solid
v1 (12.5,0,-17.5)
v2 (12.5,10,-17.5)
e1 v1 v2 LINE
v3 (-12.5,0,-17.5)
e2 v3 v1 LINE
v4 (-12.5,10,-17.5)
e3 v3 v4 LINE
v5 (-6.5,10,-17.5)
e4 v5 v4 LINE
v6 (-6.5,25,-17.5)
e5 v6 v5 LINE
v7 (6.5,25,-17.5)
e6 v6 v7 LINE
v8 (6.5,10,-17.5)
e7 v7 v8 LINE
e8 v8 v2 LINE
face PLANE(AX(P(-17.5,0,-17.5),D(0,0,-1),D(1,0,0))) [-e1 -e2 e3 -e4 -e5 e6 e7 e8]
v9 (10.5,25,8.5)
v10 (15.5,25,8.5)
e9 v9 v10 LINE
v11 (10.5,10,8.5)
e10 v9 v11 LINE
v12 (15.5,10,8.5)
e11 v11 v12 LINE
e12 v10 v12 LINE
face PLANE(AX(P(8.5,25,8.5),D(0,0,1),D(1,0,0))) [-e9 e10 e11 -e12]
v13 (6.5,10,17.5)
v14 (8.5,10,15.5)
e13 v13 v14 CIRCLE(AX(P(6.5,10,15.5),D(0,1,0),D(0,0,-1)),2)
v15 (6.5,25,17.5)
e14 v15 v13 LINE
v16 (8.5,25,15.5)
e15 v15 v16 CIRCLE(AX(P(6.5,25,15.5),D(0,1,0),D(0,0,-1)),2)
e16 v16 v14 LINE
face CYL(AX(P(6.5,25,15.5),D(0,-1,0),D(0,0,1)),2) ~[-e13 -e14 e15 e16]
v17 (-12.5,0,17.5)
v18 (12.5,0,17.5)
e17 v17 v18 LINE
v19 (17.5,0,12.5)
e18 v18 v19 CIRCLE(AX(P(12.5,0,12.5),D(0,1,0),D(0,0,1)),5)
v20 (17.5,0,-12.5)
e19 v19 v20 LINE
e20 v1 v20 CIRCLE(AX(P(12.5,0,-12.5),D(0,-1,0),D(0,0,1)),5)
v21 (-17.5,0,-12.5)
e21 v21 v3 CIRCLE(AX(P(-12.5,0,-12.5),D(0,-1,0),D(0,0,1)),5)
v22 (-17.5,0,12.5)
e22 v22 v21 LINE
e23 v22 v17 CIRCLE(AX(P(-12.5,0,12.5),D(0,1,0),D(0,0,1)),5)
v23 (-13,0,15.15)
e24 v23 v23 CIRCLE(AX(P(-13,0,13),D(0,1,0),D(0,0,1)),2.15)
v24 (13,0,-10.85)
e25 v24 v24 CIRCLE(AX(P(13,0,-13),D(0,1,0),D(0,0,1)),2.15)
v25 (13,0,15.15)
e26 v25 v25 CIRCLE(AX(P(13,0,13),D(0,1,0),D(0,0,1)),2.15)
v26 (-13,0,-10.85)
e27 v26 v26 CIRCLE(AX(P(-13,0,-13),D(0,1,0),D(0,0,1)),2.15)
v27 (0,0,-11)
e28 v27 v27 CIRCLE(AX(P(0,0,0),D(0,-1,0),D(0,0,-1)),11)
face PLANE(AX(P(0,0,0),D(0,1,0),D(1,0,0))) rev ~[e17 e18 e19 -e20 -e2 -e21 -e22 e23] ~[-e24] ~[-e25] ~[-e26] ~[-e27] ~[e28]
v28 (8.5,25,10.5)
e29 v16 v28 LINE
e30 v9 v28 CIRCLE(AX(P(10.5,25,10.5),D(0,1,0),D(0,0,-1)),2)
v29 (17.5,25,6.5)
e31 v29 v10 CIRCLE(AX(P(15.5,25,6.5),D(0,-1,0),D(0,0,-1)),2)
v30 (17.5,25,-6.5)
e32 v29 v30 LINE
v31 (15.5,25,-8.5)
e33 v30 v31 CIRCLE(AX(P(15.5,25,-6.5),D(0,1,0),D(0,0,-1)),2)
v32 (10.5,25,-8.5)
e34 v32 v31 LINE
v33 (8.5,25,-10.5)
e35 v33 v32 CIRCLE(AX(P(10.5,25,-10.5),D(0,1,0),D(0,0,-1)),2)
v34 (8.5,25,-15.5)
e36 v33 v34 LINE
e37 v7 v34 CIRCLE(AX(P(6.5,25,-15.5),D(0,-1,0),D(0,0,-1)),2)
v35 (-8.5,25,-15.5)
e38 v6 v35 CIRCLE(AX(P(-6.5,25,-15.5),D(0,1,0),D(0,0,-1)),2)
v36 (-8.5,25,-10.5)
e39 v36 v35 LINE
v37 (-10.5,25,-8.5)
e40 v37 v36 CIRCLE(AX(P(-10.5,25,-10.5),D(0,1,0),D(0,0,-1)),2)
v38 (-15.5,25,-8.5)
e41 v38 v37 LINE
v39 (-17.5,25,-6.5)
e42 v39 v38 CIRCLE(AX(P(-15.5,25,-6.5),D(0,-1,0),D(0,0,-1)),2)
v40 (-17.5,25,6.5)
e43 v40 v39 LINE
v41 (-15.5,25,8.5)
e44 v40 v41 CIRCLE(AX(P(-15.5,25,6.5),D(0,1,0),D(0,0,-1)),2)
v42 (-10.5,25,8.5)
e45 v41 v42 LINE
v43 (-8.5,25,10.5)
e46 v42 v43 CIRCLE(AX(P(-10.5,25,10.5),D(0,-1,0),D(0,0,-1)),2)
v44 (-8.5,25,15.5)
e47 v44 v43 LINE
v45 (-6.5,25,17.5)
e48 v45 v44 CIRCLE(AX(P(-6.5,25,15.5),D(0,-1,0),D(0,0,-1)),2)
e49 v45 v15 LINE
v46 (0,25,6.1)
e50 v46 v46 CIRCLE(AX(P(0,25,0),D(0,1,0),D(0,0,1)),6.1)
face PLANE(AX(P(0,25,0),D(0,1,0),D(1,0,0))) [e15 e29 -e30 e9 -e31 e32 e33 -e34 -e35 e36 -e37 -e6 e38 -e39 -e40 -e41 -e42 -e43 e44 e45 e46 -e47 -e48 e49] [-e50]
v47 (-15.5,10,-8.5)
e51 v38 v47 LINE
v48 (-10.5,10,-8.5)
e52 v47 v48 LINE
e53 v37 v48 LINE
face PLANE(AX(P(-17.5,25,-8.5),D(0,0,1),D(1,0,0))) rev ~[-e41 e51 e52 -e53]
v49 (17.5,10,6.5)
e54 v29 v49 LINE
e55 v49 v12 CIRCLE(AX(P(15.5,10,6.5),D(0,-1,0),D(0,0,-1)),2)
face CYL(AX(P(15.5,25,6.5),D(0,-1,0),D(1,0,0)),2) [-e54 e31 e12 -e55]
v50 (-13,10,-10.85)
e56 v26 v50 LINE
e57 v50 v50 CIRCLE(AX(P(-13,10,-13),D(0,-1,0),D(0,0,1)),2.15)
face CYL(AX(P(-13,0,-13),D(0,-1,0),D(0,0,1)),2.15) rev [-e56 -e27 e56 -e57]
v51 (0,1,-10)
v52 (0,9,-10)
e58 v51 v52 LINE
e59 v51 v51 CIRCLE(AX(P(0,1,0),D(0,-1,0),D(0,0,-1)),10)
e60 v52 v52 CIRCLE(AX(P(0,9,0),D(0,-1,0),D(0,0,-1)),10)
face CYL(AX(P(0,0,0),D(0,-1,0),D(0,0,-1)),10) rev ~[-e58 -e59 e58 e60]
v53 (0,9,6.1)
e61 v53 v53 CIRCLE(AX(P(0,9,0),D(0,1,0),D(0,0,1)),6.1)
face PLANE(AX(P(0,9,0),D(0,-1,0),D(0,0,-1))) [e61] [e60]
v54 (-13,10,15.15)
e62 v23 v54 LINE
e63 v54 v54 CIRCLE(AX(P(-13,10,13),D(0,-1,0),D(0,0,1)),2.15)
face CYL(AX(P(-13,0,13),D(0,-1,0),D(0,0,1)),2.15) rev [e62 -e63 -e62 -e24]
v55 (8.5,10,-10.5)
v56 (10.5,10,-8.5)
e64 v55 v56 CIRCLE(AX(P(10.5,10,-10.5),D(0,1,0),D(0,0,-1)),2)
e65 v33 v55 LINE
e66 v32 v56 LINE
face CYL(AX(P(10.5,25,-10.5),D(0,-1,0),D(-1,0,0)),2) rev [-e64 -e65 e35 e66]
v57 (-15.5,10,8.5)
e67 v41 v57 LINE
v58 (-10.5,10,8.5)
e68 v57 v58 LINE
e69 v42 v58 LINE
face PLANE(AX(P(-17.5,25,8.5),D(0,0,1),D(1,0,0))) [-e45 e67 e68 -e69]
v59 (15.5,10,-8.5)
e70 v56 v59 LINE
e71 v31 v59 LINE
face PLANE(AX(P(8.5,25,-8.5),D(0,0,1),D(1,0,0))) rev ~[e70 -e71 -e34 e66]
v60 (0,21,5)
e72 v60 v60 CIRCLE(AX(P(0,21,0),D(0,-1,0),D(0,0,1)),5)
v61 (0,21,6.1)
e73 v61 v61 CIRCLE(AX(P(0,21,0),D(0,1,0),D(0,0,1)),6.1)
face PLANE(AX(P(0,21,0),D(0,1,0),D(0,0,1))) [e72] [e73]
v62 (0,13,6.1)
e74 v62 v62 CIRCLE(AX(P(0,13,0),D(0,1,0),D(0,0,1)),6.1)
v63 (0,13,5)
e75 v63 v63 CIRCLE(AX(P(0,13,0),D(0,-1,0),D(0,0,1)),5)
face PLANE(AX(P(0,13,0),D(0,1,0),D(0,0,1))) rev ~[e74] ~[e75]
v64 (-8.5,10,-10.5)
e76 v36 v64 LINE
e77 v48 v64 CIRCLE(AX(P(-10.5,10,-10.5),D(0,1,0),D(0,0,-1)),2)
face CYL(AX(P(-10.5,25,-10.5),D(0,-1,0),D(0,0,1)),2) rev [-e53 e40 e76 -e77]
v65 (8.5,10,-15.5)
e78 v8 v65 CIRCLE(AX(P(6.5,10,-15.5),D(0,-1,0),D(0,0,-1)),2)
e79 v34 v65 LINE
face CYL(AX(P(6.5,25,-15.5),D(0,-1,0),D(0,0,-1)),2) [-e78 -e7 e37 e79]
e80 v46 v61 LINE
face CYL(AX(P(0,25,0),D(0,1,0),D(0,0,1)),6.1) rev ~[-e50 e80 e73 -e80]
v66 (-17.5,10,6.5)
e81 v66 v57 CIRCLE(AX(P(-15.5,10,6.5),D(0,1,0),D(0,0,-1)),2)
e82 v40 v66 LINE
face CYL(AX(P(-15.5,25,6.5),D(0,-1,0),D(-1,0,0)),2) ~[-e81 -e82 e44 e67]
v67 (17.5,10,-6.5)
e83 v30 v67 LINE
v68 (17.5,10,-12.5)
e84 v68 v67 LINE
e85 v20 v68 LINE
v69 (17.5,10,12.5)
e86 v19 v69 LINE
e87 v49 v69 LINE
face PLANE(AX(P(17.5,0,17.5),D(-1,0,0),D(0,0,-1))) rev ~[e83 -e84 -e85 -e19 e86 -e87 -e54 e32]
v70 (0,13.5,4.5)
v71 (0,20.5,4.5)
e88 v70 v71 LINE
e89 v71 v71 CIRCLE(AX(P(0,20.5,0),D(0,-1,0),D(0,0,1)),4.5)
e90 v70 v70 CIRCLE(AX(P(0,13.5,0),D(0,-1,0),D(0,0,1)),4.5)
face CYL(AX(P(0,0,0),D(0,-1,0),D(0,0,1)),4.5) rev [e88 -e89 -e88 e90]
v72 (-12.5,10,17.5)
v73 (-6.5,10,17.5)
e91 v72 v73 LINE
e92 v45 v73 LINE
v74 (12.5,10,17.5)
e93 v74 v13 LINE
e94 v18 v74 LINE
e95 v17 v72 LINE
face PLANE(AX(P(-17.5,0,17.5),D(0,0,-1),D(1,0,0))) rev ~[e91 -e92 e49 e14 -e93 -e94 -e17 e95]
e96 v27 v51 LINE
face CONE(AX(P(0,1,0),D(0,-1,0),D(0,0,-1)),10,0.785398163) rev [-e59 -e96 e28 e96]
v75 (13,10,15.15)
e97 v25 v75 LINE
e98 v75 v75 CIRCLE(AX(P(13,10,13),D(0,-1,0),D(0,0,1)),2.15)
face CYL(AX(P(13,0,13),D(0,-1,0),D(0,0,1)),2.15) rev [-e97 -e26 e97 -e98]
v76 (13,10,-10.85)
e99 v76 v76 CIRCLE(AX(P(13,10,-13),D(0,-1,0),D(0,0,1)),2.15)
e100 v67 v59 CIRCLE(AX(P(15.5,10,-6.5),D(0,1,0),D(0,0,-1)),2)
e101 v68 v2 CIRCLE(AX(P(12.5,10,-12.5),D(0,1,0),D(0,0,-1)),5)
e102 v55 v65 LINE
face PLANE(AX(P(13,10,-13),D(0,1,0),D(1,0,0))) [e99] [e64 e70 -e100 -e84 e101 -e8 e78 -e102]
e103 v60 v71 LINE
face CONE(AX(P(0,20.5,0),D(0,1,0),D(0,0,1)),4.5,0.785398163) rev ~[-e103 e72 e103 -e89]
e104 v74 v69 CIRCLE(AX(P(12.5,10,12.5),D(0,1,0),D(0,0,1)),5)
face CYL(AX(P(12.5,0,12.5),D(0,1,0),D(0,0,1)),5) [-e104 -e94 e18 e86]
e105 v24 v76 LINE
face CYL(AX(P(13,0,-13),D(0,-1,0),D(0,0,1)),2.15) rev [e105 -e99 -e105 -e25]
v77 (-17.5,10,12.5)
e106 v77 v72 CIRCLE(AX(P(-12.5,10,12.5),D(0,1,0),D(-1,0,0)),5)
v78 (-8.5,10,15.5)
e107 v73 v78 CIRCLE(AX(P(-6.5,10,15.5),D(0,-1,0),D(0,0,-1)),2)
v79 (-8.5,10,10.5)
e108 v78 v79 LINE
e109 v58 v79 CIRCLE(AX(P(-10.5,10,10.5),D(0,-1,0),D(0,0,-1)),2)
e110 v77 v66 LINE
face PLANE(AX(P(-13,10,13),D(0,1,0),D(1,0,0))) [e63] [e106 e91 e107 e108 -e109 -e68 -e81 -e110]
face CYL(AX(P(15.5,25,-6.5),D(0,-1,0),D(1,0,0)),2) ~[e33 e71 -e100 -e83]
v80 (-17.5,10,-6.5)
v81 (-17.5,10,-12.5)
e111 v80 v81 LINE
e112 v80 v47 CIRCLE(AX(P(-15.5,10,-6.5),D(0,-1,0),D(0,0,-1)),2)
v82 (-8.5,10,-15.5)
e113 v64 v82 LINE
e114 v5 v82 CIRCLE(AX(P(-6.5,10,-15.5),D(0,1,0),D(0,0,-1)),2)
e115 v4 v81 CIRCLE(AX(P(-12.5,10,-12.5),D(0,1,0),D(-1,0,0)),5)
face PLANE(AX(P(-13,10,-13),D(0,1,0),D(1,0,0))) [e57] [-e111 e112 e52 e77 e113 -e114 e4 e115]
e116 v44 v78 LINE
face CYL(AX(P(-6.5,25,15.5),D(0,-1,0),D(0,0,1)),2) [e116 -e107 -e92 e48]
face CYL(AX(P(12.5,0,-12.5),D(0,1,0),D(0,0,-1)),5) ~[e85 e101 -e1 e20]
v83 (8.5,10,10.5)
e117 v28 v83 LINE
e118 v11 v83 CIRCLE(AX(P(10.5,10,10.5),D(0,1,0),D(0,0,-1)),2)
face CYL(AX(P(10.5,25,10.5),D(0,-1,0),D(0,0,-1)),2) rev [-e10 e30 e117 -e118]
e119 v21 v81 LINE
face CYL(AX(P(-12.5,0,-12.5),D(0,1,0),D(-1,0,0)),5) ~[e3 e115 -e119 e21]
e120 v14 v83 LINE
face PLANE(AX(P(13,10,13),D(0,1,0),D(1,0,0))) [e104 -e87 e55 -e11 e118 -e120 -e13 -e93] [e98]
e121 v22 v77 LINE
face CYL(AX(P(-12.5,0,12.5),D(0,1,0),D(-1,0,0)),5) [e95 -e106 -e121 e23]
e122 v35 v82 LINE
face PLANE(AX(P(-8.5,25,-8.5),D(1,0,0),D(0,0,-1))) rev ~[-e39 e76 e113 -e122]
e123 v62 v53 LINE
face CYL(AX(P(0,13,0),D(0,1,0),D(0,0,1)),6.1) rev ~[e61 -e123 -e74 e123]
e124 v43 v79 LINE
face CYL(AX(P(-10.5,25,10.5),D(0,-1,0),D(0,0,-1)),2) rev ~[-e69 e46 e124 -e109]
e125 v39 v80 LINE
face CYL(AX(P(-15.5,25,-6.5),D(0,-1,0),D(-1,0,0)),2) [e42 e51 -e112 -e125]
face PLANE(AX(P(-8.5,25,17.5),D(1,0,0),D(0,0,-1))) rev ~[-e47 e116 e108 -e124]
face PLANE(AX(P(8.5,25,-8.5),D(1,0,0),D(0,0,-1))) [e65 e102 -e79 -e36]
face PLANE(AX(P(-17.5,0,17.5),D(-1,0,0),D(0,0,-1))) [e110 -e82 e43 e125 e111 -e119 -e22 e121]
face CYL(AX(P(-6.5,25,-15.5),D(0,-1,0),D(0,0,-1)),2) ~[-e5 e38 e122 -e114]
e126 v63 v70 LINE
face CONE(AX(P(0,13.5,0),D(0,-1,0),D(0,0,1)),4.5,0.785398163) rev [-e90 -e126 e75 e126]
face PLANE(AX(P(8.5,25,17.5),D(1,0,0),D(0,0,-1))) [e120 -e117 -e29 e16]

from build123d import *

# Parameters (mm, degrees)
SKETCH_1_W          = 35
SKETCH_1_H          = 35
SKETCH_1_R          = 4.5
SKETCH_1_R_2        = 2.15
EXTRUDE_1_DEPTH     = 25
FILLET_1_R          = 5
SKETCH_3_R          = 6.1
CUT_EXTRUDE_1_DEPTH = 4
SKETCH_4_R          = 6.1
CUT_EXTRUDE_2_DEPTH = 4
SKETCH_6_R          = 10
CUT_EXTRUDE_3_DEPTH = 9
SKETCH_7_W          = 9
SKETCH_7_H          = 9
CUT_EXTRUDE_4_DEPTH = 15
FILLET_3_R          = 2
CHAMFER_1_SIZE      = 1
CHAMFER_2_SIZE      = 0.5


with BuildPart() as part:
    # 草图1 → 凸台-拉伸1 (new body)
    with BuildSketch(Plane(origin=(0, 0, 0), x_dir=(1, 0, 0), z_dir=(0, 1, 0))):
        Rectangle(SKETCH_1_W, SKETCH_1_H)
        with Locations(Location((0, 0, 0), (0, 0, 270))):
            Circle(SKETCH_1_R, mode=Mode.SUBTRACT)
        with Locations(Location((13, 13, 0), (0, 0, 270))):
            Circle(SKETCH_1_R_2, mode=Mode.SUBTRACT)
        with Locations(Location((13, -13, 0), (0, 0, 270))):
            Circle(SKETCH_1_R_2, mode=Mode.SUBTRACT)
        with Locations(Location((-13, -13, 0), (0, 0, 270))):
            Circle(SKETCH_1_R_2, mode=Mode.SUBTRACT)
        with Locations(Location((-13, 13, 0), (0, 0, 270))):
            Circle(SKETCH_1_R_2, mode=Mode.SUBTRACT)
    extrude(amount=EXTRUDE_1_DEPTH)

    # 圆角1
    fillet_1_edges = [part.edges().sort_by_distance(p)[0] for p in [
        (17.5, 12.5, 17.5),
        (-17.5, 12.5, 17.5),
        (-17.5, 12.5, -17.5),
        (17.5, 12.5, -17.5),
    ]]
    fillet(fillet_1_edges, radius=FILLET_1_R)

    # 草图3 → 切除-拉伸1 (cut)
    with BuildSketch(Plane(origin=(0, 25, 0), x_dir=(1, 0, 0), z_dir=(0, 1, 0))):
        with Locations(Location((0, 0, 0), (0, 0, 270))):
            Circle(SKETCH_3_R)
    extrude(amount=-CUT_EXTRUDE_1_DEPTH, mode=Mode.SUBTRACT)

    # 草图4 → 切除-拉伸2 (cut)
    with BuildSketch(Plane(origin=(0, 13, 0), x_dir=(1, 0, 0), z_dir=(0, 1, 0))):
        with Locations(Location((0, 0, 0), (0, 0, 270))):
            Circle(SKETCH_4_R)
    extrude(amount=-CUT_EXTRUDE_2_DEPTH, mode=Mode.SUBTRACT)

    # 草图6 → 切除-拉伸3 (cut)
    with BuildSketch(Plane.XZ):
        with Locations(Location((0, 0, 0), (0, 0, 270))):
            Circle(SKETCH_6_R)
    extrude(amount=-CUT_EXTRUDE_3_DEPTH, mode=Mode.SUBTRACT)

    # 草图7 → 切除-拉伸4 (cut)
    with BuildSketch(Plane(origin=(0, 25, 0), x_dir=(1, 0, 0), z_dir=(0, 1, 0))):
        with Locations((-13, 13)):
            Rectangle(SKETCH_7_W, SKETCH_7_H)
        with Locations((13, 13)):
            Rectangle(SKETCH_7_W, SKETCH_7_H)
        with Locations((13, -13)):
            Rectangle(SKETCH_7_W, SKETCH_7_H)
        with Locations((-13, -13)):
            Rectangle(SKETCH_7_W, SKETCH_7_H)
    extrude(amount=-CUT_EXTRUDE_4_DEPTH, mode=Mode.SUBTRACT)

    # 圆角3
    fillet_3_edges = [part.edges().sort_by_distance(p)[0] for p in [
        (-17.5, 17.5, 8.5),
        (-8.5, 17.5, 8.5),
        (-8.5, 17.5, 17.5),
        (8.5, 17.5, 17.5),
        (8.5, 17.5, 8.5),
        (17.5, 17.5, 8.5),
        (17.5, 17.5, -8.5),
        (8.5, 17.5, -8.5),
        (8.5, 17.5, -17.5),
        (-8.5, 17.5, -17.5),
        (-8.5, 17.5, -8.5),
        (-17.5, 17.5, -8.5),
    ]]
    fillet(fillet_3_edges, radius=FILLET_3_R)

    # 倒角1
    chamfer_1_edges = [part.edges().sort_by_distance(p)[0] for p in [
        (0, 0, 10),
    ]]
    chamfer(chamfer_1_edges, length=CHAMFER_1_SIZE)

    # 倒角2
    chamfer_2_edges = [part.edges().sort_by_distance(p)[0] for p in [
        (0, 21, -4.5),
        (0, 13, -4.5),
    ]]
    chamfer(chamfer_2_edges, length=CHAMFER_2_SIZE)


solid = part.part
